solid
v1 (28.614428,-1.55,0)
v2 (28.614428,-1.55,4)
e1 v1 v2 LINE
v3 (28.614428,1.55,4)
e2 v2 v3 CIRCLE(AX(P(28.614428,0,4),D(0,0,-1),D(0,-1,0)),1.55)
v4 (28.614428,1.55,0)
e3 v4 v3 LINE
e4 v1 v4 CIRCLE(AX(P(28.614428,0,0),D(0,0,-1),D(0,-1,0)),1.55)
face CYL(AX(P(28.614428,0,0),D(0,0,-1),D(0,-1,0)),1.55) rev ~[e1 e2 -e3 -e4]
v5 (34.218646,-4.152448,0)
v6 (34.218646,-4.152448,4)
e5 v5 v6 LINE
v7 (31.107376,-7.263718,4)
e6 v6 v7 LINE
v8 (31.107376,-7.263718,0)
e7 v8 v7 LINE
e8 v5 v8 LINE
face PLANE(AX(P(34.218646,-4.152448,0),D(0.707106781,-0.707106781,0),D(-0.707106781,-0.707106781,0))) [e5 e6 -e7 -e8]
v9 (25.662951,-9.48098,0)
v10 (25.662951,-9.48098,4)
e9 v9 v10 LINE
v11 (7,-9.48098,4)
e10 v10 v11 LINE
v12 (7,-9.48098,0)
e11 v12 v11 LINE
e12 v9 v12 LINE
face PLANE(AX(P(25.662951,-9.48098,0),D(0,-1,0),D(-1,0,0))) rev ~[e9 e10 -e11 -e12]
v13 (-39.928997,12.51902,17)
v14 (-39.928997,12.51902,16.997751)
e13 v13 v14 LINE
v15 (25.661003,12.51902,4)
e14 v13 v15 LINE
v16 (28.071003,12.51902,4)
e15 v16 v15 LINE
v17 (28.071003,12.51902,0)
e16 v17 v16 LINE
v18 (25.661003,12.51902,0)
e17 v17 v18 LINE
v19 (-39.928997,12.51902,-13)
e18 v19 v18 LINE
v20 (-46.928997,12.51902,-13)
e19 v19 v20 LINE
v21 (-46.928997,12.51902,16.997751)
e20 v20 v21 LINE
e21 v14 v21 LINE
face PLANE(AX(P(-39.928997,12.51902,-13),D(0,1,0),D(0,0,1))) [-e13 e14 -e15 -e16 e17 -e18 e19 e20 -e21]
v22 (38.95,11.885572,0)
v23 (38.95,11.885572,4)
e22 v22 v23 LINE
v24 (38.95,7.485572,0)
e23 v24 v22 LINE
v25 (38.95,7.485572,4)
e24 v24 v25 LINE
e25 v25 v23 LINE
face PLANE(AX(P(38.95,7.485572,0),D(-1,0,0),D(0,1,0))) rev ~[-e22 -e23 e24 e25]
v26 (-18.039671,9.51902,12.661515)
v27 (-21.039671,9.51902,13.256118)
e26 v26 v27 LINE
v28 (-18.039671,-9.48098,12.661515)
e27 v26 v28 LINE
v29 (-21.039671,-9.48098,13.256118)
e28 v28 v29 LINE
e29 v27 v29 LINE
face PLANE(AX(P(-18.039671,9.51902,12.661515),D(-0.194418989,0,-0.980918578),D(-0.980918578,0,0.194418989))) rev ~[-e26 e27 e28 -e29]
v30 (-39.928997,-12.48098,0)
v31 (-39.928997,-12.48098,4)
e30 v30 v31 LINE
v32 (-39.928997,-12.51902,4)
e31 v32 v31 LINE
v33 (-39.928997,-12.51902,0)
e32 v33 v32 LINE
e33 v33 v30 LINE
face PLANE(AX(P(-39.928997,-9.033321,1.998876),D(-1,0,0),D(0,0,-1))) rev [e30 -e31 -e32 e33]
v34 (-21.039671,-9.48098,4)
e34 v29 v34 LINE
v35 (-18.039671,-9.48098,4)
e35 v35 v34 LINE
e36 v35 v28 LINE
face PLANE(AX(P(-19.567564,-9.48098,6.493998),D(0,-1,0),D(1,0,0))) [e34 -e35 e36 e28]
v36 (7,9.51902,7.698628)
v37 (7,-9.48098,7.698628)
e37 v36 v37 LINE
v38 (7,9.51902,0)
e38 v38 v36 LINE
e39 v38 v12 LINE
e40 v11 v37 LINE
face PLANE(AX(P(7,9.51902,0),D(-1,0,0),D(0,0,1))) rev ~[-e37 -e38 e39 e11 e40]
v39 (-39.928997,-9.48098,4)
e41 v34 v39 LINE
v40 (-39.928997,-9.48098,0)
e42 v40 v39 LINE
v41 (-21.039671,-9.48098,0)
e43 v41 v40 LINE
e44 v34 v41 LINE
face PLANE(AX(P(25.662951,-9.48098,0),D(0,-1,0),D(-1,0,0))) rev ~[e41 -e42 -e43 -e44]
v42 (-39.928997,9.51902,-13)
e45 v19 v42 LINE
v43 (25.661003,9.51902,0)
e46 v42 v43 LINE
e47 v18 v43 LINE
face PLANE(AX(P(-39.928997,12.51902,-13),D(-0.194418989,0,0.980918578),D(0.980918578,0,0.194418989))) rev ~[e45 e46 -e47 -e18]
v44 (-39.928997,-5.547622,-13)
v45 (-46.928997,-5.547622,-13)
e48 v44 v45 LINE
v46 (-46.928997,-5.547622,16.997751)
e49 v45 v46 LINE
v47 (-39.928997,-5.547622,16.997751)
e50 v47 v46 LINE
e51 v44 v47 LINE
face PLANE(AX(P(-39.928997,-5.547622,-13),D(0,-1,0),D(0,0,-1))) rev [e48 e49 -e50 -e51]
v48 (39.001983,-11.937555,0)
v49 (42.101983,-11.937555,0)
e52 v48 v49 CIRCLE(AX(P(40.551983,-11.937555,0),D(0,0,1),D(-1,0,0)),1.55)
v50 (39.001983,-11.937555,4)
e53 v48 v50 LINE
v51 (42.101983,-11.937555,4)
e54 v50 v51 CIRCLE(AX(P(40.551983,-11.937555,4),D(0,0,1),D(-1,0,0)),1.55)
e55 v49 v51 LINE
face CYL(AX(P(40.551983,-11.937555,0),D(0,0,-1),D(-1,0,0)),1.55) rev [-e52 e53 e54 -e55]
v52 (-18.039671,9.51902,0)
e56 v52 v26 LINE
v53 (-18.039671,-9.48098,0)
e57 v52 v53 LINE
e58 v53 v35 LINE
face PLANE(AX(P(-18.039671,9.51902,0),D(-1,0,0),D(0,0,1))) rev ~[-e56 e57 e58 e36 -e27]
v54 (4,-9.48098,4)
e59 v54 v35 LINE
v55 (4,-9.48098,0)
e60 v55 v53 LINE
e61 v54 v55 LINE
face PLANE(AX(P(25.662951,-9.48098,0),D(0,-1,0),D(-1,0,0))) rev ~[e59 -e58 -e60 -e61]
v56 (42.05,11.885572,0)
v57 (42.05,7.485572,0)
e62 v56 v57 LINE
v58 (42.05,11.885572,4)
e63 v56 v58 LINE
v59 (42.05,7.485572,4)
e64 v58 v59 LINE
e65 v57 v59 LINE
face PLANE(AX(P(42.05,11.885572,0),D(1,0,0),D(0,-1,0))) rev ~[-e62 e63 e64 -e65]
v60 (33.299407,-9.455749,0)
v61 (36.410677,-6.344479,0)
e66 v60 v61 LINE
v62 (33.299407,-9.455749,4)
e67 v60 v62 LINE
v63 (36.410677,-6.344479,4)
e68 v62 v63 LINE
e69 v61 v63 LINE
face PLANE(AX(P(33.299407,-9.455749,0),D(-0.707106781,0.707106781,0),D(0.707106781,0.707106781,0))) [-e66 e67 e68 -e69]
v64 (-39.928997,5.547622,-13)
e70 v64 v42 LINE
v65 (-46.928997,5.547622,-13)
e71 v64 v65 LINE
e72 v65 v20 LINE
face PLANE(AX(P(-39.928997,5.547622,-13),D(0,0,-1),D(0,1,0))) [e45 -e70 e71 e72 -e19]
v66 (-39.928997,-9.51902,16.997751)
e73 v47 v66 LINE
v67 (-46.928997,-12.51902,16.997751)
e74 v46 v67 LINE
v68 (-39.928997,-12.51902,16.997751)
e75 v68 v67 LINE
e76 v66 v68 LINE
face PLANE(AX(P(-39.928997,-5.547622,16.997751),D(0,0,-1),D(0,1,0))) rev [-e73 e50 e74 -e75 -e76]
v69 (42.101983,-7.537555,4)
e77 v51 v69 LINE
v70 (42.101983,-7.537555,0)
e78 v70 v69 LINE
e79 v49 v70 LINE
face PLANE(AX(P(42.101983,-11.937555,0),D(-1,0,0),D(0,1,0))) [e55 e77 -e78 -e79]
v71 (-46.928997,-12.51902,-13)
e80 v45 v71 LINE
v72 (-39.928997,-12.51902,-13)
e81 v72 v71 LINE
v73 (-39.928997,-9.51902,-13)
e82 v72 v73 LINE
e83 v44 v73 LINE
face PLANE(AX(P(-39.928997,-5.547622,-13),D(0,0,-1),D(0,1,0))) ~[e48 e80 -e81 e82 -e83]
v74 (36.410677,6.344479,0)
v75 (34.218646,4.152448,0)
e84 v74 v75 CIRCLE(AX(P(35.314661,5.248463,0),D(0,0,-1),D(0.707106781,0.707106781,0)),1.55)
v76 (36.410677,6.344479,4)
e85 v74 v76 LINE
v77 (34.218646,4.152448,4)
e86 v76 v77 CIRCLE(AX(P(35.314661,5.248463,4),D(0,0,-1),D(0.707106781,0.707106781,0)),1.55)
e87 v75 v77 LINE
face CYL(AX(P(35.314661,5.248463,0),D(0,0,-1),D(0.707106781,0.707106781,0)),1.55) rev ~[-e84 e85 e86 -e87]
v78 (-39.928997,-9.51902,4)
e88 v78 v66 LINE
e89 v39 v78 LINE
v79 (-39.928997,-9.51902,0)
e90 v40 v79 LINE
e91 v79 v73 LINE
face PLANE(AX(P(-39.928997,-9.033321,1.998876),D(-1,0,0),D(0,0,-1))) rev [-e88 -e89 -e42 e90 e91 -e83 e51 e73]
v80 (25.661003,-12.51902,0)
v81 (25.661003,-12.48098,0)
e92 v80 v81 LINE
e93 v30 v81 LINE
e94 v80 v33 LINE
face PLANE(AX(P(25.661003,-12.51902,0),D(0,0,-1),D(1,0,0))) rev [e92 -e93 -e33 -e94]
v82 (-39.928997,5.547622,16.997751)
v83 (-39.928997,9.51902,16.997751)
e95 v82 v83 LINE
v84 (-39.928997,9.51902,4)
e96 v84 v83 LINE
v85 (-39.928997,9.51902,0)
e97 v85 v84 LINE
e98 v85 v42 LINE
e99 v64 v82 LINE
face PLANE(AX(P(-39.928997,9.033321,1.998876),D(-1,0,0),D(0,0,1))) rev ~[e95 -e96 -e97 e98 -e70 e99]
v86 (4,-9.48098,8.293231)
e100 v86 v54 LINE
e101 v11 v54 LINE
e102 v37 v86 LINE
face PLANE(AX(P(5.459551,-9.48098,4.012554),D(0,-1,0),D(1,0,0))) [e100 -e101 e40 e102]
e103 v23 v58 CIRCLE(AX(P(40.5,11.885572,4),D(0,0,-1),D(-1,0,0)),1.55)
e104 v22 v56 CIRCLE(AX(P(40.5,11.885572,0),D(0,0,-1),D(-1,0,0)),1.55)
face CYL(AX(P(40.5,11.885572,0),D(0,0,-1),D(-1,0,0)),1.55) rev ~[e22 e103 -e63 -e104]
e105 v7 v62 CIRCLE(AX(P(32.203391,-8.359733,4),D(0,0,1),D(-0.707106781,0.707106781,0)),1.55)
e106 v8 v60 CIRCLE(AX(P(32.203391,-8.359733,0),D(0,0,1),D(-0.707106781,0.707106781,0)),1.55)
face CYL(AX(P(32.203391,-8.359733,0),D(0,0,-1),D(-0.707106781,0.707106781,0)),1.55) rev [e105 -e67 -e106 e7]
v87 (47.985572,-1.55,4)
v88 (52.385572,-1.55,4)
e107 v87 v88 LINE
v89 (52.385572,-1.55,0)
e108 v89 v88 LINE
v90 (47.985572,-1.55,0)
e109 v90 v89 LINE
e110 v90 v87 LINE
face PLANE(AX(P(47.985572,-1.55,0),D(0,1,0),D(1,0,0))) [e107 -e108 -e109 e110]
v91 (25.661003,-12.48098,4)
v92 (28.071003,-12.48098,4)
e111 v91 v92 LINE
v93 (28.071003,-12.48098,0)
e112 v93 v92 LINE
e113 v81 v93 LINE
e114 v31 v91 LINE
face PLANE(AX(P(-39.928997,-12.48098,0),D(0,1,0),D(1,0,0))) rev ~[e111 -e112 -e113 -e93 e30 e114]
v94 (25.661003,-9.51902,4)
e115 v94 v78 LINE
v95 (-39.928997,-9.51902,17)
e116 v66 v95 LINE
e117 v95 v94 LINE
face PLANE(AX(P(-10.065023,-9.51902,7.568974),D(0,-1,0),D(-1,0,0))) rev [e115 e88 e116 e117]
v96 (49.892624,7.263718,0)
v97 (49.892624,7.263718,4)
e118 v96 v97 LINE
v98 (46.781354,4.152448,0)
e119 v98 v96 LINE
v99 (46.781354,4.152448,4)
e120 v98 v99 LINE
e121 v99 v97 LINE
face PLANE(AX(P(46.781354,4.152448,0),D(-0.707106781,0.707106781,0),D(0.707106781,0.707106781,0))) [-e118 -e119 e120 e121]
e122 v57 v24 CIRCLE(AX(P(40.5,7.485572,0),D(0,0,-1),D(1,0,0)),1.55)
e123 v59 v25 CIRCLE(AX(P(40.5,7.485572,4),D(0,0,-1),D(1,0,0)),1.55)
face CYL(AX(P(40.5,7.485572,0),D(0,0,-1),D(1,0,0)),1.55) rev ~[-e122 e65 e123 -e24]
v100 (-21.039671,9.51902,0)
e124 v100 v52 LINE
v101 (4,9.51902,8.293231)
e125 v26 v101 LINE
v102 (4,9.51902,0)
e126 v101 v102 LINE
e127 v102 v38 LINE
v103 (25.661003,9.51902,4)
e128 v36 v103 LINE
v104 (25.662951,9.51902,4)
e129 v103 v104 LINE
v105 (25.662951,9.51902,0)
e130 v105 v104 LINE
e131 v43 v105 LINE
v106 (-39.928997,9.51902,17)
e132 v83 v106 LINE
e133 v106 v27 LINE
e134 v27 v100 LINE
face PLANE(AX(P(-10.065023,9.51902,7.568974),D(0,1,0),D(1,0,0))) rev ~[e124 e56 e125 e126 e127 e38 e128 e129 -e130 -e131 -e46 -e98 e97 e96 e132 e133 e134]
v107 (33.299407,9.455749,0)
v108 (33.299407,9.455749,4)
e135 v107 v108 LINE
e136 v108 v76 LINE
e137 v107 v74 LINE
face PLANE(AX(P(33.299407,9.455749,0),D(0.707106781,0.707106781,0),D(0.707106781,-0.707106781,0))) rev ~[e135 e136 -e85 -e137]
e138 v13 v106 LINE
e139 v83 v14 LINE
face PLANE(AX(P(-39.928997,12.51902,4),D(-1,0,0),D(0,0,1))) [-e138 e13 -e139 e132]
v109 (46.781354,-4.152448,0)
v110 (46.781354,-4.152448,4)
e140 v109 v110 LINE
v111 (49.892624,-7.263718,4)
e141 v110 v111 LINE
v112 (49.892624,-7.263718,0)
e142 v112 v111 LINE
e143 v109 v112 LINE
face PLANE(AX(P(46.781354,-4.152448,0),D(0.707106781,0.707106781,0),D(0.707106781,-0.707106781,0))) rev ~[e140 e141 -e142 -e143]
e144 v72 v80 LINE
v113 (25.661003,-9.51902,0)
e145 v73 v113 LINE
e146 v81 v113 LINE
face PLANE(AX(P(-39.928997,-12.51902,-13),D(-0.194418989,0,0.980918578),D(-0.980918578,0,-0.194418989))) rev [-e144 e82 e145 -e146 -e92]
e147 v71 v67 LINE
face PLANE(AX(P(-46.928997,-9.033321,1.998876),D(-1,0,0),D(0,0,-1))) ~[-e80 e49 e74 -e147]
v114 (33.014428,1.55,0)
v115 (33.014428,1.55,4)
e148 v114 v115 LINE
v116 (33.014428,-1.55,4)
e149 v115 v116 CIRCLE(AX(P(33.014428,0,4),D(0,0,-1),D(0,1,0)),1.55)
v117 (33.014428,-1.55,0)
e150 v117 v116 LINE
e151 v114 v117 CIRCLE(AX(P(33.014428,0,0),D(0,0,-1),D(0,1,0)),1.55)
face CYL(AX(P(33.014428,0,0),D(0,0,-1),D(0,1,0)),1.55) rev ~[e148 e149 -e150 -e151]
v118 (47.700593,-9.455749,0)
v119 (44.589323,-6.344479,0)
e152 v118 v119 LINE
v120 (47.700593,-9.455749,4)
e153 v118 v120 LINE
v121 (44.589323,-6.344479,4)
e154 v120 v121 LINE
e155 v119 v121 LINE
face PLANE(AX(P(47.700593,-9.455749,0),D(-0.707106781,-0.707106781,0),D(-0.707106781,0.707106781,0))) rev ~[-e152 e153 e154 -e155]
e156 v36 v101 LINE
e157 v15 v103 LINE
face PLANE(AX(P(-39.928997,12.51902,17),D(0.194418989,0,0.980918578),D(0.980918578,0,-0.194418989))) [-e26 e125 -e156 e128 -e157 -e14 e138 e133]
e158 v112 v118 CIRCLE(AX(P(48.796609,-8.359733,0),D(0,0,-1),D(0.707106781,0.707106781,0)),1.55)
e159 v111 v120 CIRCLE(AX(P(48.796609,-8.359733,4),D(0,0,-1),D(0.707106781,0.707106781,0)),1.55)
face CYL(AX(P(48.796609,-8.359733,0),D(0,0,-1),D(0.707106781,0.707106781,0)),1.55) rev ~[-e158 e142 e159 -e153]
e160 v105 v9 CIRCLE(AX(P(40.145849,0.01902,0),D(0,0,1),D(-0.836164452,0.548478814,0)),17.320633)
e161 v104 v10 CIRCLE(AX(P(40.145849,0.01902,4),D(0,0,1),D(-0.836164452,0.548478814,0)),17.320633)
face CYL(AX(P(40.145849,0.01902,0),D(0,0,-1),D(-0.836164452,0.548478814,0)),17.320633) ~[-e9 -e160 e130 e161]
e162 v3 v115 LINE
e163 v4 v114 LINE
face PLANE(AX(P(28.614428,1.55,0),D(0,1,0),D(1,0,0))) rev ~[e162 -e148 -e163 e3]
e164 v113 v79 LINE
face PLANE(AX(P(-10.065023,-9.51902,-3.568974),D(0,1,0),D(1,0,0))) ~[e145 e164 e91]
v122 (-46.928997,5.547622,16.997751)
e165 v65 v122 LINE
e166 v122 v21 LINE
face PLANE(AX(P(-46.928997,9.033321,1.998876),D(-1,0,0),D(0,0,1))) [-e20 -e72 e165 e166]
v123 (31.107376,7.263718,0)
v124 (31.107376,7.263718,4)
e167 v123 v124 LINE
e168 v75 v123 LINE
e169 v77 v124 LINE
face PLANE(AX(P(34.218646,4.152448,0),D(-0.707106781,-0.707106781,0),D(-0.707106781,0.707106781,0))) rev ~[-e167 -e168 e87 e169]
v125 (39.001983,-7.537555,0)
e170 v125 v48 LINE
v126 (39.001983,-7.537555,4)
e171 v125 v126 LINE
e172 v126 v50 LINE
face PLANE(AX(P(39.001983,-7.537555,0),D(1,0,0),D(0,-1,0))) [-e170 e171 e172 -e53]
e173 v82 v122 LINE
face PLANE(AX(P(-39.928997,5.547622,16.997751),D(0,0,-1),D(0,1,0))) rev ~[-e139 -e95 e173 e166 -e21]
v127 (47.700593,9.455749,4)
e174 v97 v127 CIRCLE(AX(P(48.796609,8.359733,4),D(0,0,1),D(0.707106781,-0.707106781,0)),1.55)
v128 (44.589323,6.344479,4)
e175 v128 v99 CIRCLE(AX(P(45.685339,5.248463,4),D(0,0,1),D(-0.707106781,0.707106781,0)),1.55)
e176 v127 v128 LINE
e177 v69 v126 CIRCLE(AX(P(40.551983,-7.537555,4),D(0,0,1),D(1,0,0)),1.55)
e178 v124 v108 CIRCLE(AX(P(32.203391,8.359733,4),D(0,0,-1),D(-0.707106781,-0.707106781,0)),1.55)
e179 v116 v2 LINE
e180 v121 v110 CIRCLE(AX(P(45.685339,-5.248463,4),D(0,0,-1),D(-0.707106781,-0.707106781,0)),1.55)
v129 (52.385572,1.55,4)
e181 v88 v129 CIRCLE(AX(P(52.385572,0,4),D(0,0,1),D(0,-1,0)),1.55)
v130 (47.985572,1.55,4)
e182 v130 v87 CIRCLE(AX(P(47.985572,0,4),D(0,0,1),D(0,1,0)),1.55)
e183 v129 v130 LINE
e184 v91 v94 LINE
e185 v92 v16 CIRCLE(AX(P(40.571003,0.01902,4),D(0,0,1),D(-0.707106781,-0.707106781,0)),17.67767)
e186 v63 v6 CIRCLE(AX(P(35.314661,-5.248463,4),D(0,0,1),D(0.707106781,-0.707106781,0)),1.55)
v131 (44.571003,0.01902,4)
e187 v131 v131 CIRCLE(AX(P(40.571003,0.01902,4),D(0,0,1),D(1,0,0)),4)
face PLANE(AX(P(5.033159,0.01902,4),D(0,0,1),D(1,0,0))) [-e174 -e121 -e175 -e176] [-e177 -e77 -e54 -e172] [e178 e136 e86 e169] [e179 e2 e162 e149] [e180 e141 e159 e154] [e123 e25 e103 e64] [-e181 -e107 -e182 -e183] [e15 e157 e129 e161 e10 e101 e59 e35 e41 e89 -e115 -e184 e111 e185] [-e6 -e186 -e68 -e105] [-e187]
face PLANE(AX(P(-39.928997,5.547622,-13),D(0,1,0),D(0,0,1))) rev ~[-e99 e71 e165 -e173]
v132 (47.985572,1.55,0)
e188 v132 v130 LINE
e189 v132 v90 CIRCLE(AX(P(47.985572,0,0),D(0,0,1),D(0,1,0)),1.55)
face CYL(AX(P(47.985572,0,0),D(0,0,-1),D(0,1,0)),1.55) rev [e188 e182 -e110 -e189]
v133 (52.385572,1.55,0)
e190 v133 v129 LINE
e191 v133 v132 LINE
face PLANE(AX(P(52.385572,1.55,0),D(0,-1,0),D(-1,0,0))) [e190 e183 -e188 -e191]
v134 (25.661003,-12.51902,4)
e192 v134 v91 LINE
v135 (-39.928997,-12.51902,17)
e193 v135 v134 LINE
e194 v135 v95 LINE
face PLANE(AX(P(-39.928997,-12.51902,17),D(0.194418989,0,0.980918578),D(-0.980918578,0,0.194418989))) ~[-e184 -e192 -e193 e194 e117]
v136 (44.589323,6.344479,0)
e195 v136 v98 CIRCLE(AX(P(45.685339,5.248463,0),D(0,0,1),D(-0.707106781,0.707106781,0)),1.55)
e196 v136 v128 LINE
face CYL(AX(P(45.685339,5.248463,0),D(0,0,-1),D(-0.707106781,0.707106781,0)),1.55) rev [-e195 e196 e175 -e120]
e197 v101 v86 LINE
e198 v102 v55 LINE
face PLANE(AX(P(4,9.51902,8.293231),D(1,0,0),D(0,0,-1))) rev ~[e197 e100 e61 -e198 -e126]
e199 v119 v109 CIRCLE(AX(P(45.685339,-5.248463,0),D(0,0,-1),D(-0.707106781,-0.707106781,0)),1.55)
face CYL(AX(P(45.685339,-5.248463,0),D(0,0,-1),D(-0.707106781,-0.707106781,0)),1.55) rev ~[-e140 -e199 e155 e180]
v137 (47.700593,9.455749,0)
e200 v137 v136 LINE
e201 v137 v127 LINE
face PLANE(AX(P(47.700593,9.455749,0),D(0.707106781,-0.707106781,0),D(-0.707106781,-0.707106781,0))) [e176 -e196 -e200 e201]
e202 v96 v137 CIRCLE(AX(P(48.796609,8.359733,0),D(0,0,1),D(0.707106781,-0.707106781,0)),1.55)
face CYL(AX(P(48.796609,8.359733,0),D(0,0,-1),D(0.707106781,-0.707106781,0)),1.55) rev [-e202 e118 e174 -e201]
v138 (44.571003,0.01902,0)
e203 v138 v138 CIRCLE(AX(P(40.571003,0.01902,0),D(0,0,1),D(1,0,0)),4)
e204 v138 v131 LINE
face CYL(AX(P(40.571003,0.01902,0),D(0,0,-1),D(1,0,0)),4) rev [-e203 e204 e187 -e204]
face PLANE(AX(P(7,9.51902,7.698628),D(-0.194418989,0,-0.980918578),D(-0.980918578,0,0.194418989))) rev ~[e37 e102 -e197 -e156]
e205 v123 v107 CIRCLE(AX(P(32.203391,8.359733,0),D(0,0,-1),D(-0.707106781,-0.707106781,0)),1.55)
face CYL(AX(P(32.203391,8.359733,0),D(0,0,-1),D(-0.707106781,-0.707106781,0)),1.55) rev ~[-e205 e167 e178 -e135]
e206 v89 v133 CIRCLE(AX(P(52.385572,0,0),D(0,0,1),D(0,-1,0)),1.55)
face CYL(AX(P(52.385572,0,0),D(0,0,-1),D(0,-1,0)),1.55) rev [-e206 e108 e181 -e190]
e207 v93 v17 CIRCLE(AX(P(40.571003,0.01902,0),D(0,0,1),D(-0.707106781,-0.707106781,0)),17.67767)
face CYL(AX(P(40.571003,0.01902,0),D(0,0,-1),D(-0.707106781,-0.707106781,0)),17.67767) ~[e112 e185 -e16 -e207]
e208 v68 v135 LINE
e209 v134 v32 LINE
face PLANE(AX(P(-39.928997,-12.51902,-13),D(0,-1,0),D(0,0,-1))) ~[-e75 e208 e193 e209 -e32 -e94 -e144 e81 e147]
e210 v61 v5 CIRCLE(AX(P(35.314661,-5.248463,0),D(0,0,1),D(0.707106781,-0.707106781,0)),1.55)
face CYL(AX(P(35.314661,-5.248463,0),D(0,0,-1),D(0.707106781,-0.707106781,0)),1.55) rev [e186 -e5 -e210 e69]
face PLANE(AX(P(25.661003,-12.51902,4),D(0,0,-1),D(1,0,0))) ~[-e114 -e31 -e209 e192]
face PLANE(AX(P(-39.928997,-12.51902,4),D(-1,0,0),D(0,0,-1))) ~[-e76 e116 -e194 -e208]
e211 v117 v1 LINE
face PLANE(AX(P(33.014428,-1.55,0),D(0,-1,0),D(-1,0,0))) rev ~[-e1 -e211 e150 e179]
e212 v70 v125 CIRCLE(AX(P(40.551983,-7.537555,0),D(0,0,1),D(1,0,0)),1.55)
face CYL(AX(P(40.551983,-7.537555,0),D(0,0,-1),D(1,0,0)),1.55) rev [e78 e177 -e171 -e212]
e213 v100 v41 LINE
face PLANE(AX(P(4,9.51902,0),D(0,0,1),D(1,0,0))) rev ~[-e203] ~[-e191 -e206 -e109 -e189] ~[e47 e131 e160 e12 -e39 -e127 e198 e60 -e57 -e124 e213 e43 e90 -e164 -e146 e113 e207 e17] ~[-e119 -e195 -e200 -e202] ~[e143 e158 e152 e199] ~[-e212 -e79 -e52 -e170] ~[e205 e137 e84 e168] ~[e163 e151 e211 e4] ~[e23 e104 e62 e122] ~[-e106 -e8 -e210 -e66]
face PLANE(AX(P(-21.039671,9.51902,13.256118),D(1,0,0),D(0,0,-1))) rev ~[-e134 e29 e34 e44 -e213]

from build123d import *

# Parameters (mm, degrees)
SKETCH_1_R      = 4
EXTRUDE_3_DEPTH = 4
EXTRUDE_5_DEPTH = 3
EXTRUDE_6_DEPTH = 3
SKETCH_7_W      = 29.9977514
SKETCH_7_H      = 6.971398352
EXTRUDE_7_DEPTH = 7
EXTRUDE_8_DEPTH = 19
EXTRUDE_9_DEPTH = 19


with BuildPart() as part:
    # 草图1 → 凸台-拉伸3 (new body)
    with BuildSketch(Plane.XY):
        with BuildLine():
            Line((-39.928997061, 12.519020092), (-39.928997061, 9.519020095))
            Line((-39.928997061, 9.519020095), (25.662951423, 9.519020095))
            ThreePointArc((25.662951423, 9.519020095), (22.825216093, 0.019020096), (25.662951419, -9.480979905))
            Line((25.662951419, -9.480979905), (-39.928997061, -9.480979905))
            Line((-39.928997061, -9.480979905), (-39.928997061, -12.480979908))
            Line((-39.928997061, -12.480979908), (28.071002939, -12.480979908))
            ThreePointArc((28.071002939, -12.480979908), (58.248672468, 0.019020092), (28.071002939, 12.519020092))
            Line((28.071002939, 12.519020092), (-39.928997061, 12.519020092))
        make_face()
        with Locations((40.571002939, 0.019020092)):
            Circle(SKETCH_1_R, mode=Mode.SUBTRACT)
        with BuildLine():
            Line((28.614427542, 1.55), (33.014427542, 1.55))
            ThreePointArc((33.014427542, 1.55), (34.564427542, 0), (33.014427542, -1.55))
            Line((33.014427542, -1.55), (28.614427542, -1.55))
            ThreePointArc((28.614427542, -1.55), (27.064427542, 0), (28.614427542, 1.55))
        make_face(mode=Mode.SUBTRACT)
        with BuildLine():
            Line((52.385572458, 1.55), (47.985572458, 1.55))
            ThreePointArc((47.985572458, 1.55), (46.435572458, 0), (47.985572458, -1.55))
            Line((47.985572458, -1.55), (52.385572458, -1.55))
            ThreePointArc((52.385572458, -1.55), (53.935572458, 0), (52.385572458, 1.55))
        make_face(mode=Mode.SUBTRACT)
        with BuildLine():
            Line((42.101982847, -11.937555304), (42.101982847, -7.537555304))
            ThreePointArc((42.101982847, -7.537555304), (40.551982847, -5.987555304), (39.001982847, -7.537555304))
            Line((39.001982847, -7.537555304), (39.001982847, -11.937555304))
            ThreePointArc((39.001982847, -11.937555304), (40.551982847, -13.487555304), (42.101982847, -11.937555304))
        make_face(mode=Mode.SUBTRACT)
        with BuildLine():
            Line((33.29940699, 9.45574859), (36.410676827, 6.344478753))
            ThreePointArc((36.410676827, 6.344478753), (36.410676827, 4.152447732), (34.218645805, 4.152447732))
            Line((34.218645805, 4.152447732), (31.107375968, 7.263717569))
            ThreePointArc((31.107375968, 7.263717569), (31.107375968, 9.45574859), (33.29940699, 9.45574859))
        make_face(mode=Mode.SUBTRACT)
        with BuildLine():
            Line((42.05, 11.885572458), (42.05, 7.485572458))
            ThreePointArc((42.05, 7.485572458), (40.5, 5.935572458), (38.95, 7.485572458))
            Line((38.95, 7.485572458), (38.95, 11.885572458))
            ThreePointArc((38.95, 11.885572458), (40.5, 13.435572458), (42.05, 11.885572458))
        make_face(mode=Mode.SUBTRACT)
        with BuildLine():
            Line((47.70059301, 9.45574859), (44.589323173, 6.344478753))
            ThreePointArc((44.589323173, 6.344478753), (44.589323173, 4.152447732), (46.781354195, 4.152447732))
            Line((46.781354195, 4.152447732), (49.892624032, 7.263717569))
            ThreePointArc((49.892624032, 7.263717569), (49.892624032, 9.45574859), (47.70059301, 9.45574859))
        make_face(mode=Mode.SUBTRACT)
        with BuildLine():
            Line((33.29940699, -9.45574859), (36.410676827, -6.344478753))
            ThreePointArc((36.410676827, -6.344478753), (36.410676827, -4.152447732), (34.218645805, -4.152447732))
            Line((34.218645805, -4.152447732), (31.107375968, -7.263717569))
            ThreePointArc((31.107375968, -7.263717569), (31.107375968, -9.45574859), (33.29940699, -9.45574859))
        make_face(mode=Mode.SUBTRACT)
        with BuildLine():
            Line((47.70059301, -9.45574859), (44.589323173, -6.344478753))
            ThreePointArc((44.589323173, -6.344478753), (44.589323173, -4.152447732), (46.781354195, -4.152447732))
            Line((46.781354195, -4.152447732), (49.892624032, -7.263717569))
            ThreePointArc((49.892624032, -7.263717569), (49.892624032, -9.45574859), (47.70059301, -9.45574859))
        make_face(mode=Mode.SUBTRACT)
    extrude(amount=EXTRUDE_3_DEPTH)

    # 草图2 → 凸台-拉伸5 (add)
    with BuildSketch(Plane(origin=(0, 12.519020092, 0), x_dir=(1, 0, 0), z_dir=(0, 1, 0))):
        Polygon((-39.928997061, 0), (-39.928997061, 13), (25.661002939, 0), align=None)
    extrude_5 = extrude(amount=-EXTRUDE_5_DEPTH)

    # 镜向1: 凸台-拉伸5 across plane
    add(extrude_5.mirror(Plane.ZX))

    # 草图5 → 凸台-拉伸6 (add)
    with BuildSketch(Plane(origin=(0, 12.519020092, 0), x_dir=(1, 0, 0), z_dir=(0, 1, 0))):
        Polygon((-39.928997061, -4), (-39.928997061, -17), (25.661002939, -4), align=None)
    extrude_6 = extrude(amount=-EXTRUDE_6_DEPTH)

    # 镜向2: 凸台-拉伸6 across plane
    add(extrude_6.mirror(Plane.ZX))

    # 草图7 → 凸台-拉伸7 (add)
    with BuildSketch(Plane.ZY.offset(39.928997061)):
        with Locations((1.9988757, 9.033320916)):
            Rectangle(SKETCH_7_W, SKETCH_7_H)
    extrude_7 = extrude(amount=EXTRUDE_7_DEPTH)

    # 镜向3: 凸台-拉伸7 across plane
    add(extrude_7.mirror(Plane.ZX))

    # 草图8 → 凸台-拉伸8 (add)
    with BuildSketch(Plane.XZ.offset(-9.519020095)):
        Polygon((-21.039670639, 0), (-18.039670639, 0), (-18.039670639, 12.661514812), (-21.039670639, 13.256117648), align=None)
    extrude(amount=EXTRUDE_8_DEPTH)

    # 草图9 → 凸台-拉伸9 (add)
    with BuildSketch(Plane.XZ.offset(-9.519020095)):
        Polygon((4, 0), (7, 0), (7, 7.698628422), (4, 8.293231258), align=None)
    extrude(amount=EXTRUDE_9_DEPTH)


solid = part.part
